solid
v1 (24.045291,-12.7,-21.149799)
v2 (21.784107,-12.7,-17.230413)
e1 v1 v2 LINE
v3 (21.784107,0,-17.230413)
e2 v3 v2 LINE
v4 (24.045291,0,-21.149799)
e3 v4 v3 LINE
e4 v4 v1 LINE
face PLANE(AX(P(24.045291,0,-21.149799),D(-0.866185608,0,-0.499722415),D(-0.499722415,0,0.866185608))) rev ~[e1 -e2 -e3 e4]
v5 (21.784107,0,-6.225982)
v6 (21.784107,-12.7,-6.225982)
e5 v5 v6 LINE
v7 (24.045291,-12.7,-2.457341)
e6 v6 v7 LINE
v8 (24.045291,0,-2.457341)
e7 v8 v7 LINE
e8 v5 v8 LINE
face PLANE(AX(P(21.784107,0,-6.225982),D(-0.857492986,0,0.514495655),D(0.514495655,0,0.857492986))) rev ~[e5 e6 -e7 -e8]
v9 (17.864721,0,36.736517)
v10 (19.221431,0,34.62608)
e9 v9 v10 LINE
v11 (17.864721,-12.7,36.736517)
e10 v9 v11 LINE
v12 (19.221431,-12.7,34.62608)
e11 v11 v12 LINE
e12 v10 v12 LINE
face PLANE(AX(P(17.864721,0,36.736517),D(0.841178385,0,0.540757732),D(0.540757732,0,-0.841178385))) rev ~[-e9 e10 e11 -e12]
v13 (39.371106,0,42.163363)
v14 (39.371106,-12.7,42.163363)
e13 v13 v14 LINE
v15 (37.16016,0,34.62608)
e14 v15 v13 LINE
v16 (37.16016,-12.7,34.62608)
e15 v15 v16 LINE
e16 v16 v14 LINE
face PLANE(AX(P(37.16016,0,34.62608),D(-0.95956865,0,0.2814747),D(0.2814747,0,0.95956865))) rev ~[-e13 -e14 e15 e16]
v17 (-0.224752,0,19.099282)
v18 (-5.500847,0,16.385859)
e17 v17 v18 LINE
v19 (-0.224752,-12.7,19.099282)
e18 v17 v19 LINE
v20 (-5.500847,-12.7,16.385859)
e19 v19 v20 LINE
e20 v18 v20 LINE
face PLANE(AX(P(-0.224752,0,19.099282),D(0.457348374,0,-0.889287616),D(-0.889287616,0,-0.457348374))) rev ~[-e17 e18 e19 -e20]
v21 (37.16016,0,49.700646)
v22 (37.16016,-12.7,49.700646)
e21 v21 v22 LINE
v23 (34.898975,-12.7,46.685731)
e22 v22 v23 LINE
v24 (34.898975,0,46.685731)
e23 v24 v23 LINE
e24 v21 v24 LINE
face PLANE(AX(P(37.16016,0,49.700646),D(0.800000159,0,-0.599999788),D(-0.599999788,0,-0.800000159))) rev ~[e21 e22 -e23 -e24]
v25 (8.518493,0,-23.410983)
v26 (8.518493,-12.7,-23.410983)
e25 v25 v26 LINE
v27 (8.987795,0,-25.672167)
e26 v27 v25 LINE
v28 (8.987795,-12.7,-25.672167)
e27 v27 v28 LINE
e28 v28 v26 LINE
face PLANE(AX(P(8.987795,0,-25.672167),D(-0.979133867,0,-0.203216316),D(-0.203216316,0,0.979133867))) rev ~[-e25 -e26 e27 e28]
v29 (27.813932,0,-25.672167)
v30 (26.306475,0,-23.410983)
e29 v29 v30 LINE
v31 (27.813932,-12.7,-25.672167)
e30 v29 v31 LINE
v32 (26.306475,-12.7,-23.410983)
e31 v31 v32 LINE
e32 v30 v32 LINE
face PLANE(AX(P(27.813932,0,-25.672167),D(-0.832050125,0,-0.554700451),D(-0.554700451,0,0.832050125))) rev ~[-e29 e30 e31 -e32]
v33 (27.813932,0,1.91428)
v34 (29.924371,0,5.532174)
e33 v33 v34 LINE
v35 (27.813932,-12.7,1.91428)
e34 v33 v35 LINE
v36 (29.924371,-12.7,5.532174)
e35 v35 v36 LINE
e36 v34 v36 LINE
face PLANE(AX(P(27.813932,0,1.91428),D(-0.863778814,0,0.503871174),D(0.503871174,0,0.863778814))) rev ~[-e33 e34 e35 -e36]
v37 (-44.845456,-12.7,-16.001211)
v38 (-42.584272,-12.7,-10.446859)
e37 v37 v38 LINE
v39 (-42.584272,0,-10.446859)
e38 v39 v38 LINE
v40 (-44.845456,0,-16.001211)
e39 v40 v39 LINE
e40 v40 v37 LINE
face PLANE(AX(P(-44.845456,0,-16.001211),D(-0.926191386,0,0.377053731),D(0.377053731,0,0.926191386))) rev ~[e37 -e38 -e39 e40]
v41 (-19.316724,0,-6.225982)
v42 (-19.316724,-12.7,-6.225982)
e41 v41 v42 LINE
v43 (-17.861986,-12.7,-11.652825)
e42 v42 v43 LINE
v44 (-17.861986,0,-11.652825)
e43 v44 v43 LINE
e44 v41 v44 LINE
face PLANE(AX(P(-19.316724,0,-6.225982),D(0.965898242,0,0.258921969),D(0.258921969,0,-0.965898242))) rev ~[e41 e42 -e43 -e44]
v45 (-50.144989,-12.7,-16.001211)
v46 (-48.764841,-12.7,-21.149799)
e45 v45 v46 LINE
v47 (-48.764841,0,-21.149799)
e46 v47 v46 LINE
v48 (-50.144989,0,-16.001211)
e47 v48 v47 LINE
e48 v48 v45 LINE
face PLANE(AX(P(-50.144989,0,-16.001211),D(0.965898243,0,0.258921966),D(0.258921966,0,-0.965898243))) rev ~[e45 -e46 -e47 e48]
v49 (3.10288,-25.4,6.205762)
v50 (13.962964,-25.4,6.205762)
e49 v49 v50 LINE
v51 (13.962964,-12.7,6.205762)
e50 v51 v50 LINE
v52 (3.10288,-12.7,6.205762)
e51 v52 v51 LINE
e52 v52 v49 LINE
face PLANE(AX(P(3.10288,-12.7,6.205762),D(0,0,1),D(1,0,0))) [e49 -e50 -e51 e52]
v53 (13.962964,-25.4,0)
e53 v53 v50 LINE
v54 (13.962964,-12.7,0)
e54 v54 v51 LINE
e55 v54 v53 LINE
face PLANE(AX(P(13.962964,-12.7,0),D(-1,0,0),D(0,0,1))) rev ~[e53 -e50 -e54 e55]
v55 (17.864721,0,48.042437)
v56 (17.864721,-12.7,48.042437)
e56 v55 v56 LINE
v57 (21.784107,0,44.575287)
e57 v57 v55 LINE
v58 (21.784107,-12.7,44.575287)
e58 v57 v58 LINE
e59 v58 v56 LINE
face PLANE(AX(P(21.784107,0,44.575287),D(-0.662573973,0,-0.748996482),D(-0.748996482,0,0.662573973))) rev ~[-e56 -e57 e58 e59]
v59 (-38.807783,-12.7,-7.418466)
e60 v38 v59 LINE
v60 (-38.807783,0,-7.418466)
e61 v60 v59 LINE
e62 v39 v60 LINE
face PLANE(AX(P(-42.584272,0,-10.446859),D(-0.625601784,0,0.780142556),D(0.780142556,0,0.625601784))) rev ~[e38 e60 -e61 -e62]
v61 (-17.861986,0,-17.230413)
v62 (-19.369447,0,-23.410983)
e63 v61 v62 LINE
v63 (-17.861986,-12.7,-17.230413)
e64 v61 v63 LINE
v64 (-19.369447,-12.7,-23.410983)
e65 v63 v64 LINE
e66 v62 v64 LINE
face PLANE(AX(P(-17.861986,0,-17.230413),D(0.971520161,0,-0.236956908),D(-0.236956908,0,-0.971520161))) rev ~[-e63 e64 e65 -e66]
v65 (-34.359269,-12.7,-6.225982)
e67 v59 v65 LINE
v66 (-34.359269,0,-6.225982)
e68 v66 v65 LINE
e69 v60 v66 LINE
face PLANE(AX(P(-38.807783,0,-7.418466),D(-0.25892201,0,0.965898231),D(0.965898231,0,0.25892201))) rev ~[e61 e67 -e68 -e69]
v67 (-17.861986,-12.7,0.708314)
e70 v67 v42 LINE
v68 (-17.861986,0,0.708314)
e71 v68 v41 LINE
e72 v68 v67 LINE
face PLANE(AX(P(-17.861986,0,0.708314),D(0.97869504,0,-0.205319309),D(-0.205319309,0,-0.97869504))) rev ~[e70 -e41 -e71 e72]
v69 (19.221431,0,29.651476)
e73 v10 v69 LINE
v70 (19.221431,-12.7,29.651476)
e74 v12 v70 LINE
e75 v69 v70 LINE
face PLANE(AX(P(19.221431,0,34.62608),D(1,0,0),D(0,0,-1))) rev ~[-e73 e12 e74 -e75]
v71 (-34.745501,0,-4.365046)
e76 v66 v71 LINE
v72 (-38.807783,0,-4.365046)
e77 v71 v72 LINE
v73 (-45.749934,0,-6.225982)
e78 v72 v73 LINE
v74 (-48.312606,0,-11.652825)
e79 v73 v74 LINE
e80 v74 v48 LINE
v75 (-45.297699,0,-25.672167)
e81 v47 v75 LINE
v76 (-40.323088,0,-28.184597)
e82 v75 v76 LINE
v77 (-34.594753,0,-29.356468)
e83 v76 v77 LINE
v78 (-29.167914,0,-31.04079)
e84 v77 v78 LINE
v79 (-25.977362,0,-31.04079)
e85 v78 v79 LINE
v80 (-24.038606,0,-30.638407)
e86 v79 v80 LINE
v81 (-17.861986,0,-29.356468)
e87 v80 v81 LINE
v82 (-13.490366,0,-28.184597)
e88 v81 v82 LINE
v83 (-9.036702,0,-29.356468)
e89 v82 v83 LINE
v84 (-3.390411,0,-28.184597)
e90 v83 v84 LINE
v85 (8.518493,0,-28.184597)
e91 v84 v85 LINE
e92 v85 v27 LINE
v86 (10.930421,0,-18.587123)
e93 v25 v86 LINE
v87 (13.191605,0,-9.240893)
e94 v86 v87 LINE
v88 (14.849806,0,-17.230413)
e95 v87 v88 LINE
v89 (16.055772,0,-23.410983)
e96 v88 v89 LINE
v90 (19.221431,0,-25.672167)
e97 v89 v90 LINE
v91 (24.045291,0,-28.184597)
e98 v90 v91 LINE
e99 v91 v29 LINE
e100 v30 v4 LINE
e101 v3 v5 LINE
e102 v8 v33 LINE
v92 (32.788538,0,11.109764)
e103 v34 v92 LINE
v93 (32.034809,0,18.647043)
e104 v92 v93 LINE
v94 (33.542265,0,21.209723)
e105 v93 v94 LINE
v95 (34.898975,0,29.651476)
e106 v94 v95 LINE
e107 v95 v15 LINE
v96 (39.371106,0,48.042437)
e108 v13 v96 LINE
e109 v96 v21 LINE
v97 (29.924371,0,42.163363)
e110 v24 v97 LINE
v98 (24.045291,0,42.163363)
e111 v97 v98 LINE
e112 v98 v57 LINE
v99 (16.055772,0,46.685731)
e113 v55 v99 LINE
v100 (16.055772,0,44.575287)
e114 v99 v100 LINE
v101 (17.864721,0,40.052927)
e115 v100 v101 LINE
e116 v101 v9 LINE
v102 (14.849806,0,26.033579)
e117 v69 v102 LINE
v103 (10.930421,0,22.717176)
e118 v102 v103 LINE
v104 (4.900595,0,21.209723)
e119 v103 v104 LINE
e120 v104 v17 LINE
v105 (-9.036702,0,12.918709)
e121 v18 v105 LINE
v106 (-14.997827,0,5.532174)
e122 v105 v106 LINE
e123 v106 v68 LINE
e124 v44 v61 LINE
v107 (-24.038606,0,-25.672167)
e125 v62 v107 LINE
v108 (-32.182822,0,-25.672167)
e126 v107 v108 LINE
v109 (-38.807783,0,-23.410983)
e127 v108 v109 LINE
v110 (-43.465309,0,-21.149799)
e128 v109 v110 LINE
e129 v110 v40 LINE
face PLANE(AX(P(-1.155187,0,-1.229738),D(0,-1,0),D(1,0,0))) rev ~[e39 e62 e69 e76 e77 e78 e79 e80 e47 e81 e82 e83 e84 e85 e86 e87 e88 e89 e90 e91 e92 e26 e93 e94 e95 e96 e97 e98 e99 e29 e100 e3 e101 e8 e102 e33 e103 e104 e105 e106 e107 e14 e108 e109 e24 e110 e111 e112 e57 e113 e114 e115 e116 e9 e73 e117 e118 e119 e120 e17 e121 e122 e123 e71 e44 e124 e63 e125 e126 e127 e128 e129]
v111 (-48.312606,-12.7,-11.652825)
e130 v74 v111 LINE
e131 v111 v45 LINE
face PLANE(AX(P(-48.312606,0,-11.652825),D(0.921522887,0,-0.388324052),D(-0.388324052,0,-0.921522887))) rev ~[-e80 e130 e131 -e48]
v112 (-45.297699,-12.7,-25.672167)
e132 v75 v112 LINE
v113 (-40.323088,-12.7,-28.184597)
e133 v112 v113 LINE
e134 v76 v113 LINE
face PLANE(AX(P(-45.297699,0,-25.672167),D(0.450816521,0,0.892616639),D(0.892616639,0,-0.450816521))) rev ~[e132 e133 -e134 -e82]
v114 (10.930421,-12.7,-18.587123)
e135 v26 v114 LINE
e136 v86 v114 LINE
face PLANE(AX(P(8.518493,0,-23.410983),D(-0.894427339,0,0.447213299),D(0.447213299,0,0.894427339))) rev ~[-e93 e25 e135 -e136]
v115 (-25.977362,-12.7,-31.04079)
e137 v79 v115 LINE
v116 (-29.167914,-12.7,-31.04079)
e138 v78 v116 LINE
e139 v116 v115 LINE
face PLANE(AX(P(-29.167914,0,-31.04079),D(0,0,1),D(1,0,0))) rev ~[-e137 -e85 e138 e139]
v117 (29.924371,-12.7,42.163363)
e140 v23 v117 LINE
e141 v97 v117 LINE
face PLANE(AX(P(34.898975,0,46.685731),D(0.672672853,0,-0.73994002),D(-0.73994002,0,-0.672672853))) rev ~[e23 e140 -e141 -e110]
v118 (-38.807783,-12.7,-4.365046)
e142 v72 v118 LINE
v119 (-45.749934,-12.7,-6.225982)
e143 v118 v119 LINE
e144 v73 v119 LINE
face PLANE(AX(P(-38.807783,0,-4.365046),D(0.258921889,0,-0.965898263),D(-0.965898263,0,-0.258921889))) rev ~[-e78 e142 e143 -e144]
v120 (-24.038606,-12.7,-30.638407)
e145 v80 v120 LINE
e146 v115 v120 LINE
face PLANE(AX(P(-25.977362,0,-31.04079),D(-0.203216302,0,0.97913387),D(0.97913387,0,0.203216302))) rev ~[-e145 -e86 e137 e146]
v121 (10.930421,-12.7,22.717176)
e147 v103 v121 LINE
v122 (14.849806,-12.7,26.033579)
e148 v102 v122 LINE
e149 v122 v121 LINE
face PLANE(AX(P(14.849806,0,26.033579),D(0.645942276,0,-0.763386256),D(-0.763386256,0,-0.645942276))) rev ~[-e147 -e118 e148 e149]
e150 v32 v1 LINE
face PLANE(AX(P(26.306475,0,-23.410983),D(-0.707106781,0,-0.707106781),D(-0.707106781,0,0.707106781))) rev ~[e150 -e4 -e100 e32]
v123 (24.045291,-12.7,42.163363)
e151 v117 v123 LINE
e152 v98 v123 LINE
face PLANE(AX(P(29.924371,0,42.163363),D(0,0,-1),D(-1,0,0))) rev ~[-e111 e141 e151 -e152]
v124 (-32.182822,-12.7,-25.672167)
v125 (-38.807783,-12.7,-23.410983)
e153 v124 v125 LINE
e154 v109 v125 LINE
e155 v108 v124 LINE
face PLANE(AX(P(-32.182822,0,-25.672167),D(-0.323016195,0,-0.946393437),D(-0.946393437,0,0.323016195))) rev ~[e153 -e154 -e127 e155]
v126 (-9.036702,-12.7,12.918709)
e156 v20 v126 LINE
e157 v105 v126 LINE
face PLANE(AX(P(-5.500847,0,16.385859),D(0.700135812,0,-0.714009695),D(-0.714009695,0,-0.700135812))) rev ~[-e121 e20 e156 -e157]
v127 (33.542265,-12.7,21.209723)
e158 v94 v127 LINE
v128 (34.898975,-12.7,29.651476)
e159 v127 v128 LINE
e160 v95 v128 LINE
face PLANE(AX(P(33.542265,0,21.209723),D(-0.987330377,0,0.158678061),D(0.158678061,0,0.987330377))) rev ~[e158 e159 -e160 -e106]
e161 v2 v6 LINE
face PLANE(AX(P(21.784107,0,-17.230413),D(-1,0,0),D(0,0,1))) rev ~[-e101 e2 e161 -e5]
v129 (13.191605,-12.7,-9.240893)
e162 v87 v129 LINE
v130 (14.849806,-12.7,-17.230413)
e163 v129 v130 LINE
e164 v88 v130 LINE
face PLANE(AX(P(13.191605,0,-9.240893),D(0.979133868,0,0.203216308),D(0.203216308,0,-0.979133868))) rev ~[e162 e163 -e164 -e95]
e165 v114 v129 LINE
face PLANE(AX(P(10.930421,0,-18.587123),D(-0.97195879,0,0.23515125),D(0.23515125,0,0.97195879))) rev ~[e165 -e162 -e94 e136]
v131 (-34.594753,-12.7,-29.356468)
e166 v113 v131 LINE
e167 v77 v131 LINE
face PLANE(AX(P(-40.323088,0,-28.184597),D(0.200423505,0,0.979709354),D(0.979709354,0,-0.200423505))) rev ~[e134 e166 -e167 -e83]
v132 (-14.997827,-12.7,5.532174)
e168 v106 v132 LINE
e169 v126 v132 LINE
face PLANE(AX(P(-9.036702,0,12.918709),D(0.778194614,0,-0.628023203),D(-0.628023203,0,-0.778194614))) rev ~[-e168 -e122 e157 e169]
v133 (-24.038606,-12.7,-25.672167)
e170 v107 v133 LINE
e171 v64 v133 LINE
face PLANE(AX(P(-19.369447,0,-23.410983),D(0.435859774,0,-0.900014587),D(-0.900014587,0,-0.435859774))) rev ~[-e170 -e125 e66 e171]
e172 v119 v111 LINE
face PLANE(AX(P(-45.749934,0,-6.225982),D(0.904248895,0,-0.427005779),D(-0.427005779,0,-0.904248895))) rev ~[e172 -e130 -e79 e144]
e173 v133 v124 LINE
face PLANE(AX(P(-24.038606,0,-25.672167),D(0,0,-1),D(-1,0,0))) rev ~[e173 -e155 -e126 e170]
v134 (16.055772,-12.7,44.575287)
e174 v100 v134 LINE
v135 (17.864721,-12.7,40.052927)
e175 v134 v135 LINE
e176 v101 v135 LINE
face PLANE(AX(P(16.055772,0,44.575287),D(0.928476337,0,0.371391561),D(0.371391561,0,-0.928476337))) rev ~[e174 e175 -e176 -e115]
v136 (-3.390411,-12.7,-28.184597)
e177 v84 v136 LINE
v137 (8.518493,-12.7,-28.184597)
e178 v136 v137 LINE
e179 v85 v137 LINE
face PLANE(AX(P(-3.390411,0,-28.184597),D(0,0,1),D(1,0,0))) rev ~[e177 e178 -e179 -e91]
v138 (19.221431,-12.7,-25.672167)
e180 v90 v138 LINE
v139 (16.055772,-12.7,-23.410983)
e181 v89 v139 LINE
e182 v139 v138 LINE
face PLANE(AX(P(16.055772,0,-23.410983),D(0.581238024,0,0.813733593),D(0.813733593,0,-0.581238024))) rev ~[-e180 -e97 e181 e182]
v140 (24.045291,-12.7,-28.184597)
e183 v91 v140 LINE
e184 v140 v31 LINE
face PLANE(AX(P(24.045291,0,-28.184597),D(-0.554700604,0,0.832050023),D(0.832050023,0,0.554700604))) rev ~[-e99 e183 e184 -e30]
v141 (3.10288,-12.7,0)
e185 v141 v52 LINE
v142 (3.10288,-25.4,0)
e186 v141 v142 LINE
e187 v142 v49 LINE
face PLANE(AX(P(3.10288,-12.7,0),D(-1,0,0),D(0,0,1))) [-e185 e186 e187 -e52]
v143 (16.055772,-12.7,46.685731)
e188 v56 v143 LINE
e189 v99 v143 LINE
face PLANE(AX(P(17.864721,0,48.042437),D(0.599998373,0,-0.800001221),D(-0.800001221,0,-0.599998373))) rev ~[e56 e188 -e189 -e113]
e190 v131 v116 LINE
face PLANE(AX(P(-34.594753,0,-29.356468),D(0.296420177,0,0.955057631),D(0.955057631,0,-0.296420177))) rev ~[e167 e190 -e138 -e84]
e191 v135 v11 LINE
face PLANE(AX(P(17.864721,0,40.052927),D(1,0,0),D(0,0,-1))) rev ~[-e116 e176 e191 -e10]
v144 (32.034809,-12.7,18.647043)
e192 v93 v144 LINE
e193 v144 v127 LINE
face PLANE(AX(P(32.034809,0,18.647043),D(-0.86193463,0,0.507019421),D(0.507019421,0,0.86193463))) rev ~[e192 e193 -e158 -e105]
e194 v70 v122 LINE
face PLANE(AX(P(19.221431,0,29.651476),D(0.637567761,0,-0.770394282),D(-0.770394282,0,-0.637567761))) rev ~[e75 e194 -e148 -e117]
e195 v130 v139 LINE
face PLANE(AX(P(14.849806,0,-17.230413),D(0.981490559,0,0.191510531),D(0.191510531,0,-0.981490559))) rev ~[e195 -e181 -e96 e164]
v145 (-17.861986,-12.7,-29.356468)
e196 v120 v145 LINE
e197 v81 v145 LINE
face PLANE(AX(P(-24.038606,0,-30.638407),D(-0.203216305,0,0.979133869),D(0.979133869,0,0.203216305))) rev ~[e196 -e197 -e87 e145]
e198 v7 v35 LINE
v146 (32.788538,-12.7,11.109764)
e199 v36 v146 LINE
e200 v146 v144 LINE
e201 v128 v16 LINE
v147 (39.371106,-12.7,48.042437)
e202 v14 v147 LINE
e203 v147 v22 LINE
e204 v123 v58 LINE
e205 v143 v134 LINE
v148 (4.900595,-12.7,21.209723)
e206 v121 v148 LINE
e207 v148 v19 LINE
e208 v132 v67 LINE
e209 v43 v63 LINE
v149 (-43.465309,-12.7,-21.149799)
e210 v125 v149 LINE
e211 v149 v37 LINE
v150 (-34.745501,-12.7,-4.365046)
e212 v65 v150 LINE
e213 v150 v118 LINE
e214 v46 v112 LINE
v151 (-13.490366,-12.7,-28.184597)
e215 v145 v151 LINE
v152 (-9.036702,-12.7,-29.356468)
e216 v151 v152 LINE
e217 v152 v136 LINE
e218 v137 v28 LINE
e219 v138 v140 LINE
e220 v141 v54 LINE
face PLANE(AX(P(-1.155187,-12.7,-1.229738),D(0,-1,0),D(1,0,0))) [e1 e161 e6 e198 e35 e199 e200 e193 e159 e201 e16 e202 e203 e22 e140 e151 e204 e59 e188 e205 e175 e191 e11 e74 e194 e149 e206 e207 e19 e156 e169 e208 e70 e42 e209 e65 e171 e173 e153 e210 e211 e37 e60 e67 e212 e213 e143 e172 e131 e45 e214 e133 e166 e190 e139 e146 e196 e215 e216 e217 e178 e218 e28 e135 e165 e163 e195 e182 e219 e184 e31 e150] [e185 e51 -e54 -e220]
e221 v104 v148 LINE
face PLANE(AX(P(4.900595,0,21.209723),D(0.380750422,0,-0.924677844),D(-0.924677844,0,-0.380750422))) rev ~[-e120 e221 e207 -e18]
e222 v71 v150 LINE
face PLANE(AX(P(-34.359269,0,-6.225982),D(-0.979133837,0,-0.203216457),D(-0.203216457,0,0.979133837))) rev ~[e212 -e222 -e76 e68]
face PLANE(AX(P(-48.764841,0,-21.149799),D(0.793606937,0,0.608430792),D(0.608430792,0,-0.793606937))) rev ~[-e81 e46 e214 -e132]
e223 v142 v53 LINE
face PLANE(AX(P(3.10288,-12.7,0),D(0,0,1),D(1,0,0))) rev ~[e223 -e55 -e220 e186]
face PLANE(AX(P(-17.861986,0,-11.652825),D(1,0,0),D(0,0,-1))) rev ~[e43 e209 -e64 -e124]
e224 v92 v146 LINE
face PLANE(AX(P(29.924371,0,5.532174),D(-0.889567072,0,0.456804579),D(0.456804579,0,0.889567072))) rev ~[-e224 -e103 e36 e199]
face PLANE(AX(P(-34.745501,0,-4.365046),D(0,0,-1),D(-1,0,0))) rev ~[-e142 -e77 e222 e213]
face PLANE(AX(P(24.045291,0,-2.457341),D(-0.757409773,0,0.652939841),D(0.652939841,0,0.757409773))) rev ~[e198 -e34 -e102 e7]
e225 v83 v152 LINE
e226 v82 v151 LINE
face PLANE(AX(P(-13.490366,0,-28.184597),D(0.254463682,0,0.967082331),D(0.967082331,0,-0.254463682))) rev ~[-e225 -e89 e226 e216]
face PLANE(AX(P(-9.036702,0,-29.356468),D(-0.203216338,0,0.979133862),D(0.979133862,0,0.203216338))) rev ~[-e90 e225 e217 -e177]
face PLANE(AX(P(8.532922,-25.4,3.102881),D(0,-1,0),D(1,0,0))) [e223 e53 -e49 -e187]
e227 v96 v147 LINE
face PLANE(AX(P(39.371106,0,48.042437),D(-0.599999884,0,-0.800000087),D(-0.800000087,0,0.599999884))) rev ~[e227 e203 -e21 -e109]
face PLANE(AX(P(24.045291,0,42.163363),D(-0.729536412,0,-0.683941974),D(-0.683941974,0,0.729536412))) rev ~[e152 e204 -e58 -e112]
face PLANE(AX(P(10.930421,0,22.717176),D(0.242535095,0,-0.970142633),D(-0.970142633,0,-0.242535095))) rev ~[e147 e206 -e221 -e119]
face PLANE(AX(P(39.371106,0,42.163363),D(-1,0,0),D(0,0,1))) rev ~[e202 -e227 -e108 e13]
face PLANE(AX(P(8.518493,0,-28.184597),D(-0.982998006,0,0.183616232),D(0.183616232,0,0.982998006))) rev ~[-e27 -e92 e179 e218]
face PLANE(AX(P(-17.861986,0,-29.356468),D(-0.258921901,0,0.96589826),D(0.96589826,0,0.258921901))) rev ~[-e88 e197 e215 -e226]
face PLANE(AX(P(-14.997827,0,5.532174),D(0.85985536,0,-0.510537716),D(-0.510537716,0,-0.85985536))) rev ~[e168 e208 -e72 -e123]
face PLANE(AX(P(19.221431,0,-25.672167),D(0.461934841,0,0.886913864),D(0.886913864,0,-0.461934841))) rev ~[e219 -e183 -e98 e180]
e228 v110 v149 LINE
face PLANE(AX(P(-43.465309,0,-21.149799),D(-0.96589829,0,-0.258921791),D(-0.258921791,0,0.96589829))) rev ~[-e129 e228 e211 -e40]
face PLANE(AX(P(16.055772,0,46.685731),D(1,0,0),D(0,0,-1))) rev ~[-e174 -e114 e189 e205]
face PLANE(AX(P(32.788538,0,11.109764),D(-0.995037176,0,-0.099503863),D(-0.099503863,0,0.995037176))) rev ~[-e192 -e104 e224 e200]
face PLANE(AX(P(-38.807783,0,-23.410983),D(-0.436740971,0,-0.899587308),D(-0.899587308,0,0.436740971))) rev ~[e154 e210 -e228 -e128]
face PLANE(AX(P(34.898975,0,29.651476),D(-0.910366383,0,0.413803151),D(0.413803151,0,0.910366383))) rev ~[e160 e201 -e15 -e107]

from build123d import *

# Parameters (mm, degrees)
F1_DEPTH = 12.7
F2_W     = 10.860083
F2_H     = 6.205762
F3_DEPTH = 12.7


with BuildPart() as f1:
    # F0 (on Front) → F1 (new body)
    with BuildSketch(Plane.XZ):
        Polygon((10.930421, 22.717176), (4.900595, 21.209723), (-0.224752, 19.099282), (-5.500847, 16.385859), (-9.036702, 12.918709), (-14.997827, 5.532174), (-17.861986, 0.708314), (-19.316724, -6.225982), (-17.861986, -11.652825), (-17.861986, -17.230413), (-19.369447, -23.410983), (-24.038606, -25.672167), (-32.182822, -25.672167), (-38.807783, -23.410983), (-43.465309, -21.149799), (-44.845456, -16.001211), (-42.584272, -10.446859), (-38.807783, -7.418466), (-34.359269, -6.225982), (-34.745501, -4.365046), (-38.807783, -4.365046), (-45.749934, -6.225982), (-48.312606, -11.652825), (-50.144989, -16.001211), (-48.764841, -21.149799), (-45.297699, -25.672167), (-40.323088, -28.184597), (-34.594753, -29.356468), (-29.167914, -31.04079), (-25.977362, -31.04079), (-24.038606, -30.638407), (-17.861986, -29.356468), (-13.490366, -28.184597), (-9.036702, -29.356468), (-3.390411, -28.184597), (1.584193, -28.184597), (8.518493, -28.184597), (8.987795, -25.672167), (8.518493, -23.410983), (10.930421, -18.587123), (13.191605, -9.240893), (14.849806, -17.230413), (16.055772, -23.410983), (19.221431, -25.672167), (24.045291, -28.184597), (27.813932, -25.672167), (26.306475, -23.410983), (24.045291, -21.149799), (21.784107, -17.230413), (21.784107, -12.105062), (21.784107, -6.225982), (24.045291, -2.457341), (27.813932, 1.91428), (29.924371, 5.532174), (32.788538, 11.109764), (32.034809, 18.647043), (33.542265, 21.209723), (34.898975, 29.651476), (37.16016, 34.62608), (39.371106, 42.163363), (39.371106, 48.042437), (37.16016, 49.700646), (34.898975, 46.685731), (29.924371, 42.163363), (27.813932, 42.163363), (24.045291, 42.163363), (21.784107, 44.575287), (17.864721, 48.042437), (16.055772, 46.685731), (16.055772, 44.575287), (17.864721, 40.052927), (17.864721, 36.736517), (19.221431, 34.62608), (19.221431, 29.651476), (14.849806, 26.033579), align=None)
    extrude(amount=F1_DEPTH)

    # F2 (on face) → F3 (join)
    with BuildSketch(Plane.XZ.offset(12.7)):
        with Locations((8.532922, 3.102881)):
            Rectangle(F2_W, F2_H)
    extrude(amount=F3_DEPTH)


solid = f1.part
